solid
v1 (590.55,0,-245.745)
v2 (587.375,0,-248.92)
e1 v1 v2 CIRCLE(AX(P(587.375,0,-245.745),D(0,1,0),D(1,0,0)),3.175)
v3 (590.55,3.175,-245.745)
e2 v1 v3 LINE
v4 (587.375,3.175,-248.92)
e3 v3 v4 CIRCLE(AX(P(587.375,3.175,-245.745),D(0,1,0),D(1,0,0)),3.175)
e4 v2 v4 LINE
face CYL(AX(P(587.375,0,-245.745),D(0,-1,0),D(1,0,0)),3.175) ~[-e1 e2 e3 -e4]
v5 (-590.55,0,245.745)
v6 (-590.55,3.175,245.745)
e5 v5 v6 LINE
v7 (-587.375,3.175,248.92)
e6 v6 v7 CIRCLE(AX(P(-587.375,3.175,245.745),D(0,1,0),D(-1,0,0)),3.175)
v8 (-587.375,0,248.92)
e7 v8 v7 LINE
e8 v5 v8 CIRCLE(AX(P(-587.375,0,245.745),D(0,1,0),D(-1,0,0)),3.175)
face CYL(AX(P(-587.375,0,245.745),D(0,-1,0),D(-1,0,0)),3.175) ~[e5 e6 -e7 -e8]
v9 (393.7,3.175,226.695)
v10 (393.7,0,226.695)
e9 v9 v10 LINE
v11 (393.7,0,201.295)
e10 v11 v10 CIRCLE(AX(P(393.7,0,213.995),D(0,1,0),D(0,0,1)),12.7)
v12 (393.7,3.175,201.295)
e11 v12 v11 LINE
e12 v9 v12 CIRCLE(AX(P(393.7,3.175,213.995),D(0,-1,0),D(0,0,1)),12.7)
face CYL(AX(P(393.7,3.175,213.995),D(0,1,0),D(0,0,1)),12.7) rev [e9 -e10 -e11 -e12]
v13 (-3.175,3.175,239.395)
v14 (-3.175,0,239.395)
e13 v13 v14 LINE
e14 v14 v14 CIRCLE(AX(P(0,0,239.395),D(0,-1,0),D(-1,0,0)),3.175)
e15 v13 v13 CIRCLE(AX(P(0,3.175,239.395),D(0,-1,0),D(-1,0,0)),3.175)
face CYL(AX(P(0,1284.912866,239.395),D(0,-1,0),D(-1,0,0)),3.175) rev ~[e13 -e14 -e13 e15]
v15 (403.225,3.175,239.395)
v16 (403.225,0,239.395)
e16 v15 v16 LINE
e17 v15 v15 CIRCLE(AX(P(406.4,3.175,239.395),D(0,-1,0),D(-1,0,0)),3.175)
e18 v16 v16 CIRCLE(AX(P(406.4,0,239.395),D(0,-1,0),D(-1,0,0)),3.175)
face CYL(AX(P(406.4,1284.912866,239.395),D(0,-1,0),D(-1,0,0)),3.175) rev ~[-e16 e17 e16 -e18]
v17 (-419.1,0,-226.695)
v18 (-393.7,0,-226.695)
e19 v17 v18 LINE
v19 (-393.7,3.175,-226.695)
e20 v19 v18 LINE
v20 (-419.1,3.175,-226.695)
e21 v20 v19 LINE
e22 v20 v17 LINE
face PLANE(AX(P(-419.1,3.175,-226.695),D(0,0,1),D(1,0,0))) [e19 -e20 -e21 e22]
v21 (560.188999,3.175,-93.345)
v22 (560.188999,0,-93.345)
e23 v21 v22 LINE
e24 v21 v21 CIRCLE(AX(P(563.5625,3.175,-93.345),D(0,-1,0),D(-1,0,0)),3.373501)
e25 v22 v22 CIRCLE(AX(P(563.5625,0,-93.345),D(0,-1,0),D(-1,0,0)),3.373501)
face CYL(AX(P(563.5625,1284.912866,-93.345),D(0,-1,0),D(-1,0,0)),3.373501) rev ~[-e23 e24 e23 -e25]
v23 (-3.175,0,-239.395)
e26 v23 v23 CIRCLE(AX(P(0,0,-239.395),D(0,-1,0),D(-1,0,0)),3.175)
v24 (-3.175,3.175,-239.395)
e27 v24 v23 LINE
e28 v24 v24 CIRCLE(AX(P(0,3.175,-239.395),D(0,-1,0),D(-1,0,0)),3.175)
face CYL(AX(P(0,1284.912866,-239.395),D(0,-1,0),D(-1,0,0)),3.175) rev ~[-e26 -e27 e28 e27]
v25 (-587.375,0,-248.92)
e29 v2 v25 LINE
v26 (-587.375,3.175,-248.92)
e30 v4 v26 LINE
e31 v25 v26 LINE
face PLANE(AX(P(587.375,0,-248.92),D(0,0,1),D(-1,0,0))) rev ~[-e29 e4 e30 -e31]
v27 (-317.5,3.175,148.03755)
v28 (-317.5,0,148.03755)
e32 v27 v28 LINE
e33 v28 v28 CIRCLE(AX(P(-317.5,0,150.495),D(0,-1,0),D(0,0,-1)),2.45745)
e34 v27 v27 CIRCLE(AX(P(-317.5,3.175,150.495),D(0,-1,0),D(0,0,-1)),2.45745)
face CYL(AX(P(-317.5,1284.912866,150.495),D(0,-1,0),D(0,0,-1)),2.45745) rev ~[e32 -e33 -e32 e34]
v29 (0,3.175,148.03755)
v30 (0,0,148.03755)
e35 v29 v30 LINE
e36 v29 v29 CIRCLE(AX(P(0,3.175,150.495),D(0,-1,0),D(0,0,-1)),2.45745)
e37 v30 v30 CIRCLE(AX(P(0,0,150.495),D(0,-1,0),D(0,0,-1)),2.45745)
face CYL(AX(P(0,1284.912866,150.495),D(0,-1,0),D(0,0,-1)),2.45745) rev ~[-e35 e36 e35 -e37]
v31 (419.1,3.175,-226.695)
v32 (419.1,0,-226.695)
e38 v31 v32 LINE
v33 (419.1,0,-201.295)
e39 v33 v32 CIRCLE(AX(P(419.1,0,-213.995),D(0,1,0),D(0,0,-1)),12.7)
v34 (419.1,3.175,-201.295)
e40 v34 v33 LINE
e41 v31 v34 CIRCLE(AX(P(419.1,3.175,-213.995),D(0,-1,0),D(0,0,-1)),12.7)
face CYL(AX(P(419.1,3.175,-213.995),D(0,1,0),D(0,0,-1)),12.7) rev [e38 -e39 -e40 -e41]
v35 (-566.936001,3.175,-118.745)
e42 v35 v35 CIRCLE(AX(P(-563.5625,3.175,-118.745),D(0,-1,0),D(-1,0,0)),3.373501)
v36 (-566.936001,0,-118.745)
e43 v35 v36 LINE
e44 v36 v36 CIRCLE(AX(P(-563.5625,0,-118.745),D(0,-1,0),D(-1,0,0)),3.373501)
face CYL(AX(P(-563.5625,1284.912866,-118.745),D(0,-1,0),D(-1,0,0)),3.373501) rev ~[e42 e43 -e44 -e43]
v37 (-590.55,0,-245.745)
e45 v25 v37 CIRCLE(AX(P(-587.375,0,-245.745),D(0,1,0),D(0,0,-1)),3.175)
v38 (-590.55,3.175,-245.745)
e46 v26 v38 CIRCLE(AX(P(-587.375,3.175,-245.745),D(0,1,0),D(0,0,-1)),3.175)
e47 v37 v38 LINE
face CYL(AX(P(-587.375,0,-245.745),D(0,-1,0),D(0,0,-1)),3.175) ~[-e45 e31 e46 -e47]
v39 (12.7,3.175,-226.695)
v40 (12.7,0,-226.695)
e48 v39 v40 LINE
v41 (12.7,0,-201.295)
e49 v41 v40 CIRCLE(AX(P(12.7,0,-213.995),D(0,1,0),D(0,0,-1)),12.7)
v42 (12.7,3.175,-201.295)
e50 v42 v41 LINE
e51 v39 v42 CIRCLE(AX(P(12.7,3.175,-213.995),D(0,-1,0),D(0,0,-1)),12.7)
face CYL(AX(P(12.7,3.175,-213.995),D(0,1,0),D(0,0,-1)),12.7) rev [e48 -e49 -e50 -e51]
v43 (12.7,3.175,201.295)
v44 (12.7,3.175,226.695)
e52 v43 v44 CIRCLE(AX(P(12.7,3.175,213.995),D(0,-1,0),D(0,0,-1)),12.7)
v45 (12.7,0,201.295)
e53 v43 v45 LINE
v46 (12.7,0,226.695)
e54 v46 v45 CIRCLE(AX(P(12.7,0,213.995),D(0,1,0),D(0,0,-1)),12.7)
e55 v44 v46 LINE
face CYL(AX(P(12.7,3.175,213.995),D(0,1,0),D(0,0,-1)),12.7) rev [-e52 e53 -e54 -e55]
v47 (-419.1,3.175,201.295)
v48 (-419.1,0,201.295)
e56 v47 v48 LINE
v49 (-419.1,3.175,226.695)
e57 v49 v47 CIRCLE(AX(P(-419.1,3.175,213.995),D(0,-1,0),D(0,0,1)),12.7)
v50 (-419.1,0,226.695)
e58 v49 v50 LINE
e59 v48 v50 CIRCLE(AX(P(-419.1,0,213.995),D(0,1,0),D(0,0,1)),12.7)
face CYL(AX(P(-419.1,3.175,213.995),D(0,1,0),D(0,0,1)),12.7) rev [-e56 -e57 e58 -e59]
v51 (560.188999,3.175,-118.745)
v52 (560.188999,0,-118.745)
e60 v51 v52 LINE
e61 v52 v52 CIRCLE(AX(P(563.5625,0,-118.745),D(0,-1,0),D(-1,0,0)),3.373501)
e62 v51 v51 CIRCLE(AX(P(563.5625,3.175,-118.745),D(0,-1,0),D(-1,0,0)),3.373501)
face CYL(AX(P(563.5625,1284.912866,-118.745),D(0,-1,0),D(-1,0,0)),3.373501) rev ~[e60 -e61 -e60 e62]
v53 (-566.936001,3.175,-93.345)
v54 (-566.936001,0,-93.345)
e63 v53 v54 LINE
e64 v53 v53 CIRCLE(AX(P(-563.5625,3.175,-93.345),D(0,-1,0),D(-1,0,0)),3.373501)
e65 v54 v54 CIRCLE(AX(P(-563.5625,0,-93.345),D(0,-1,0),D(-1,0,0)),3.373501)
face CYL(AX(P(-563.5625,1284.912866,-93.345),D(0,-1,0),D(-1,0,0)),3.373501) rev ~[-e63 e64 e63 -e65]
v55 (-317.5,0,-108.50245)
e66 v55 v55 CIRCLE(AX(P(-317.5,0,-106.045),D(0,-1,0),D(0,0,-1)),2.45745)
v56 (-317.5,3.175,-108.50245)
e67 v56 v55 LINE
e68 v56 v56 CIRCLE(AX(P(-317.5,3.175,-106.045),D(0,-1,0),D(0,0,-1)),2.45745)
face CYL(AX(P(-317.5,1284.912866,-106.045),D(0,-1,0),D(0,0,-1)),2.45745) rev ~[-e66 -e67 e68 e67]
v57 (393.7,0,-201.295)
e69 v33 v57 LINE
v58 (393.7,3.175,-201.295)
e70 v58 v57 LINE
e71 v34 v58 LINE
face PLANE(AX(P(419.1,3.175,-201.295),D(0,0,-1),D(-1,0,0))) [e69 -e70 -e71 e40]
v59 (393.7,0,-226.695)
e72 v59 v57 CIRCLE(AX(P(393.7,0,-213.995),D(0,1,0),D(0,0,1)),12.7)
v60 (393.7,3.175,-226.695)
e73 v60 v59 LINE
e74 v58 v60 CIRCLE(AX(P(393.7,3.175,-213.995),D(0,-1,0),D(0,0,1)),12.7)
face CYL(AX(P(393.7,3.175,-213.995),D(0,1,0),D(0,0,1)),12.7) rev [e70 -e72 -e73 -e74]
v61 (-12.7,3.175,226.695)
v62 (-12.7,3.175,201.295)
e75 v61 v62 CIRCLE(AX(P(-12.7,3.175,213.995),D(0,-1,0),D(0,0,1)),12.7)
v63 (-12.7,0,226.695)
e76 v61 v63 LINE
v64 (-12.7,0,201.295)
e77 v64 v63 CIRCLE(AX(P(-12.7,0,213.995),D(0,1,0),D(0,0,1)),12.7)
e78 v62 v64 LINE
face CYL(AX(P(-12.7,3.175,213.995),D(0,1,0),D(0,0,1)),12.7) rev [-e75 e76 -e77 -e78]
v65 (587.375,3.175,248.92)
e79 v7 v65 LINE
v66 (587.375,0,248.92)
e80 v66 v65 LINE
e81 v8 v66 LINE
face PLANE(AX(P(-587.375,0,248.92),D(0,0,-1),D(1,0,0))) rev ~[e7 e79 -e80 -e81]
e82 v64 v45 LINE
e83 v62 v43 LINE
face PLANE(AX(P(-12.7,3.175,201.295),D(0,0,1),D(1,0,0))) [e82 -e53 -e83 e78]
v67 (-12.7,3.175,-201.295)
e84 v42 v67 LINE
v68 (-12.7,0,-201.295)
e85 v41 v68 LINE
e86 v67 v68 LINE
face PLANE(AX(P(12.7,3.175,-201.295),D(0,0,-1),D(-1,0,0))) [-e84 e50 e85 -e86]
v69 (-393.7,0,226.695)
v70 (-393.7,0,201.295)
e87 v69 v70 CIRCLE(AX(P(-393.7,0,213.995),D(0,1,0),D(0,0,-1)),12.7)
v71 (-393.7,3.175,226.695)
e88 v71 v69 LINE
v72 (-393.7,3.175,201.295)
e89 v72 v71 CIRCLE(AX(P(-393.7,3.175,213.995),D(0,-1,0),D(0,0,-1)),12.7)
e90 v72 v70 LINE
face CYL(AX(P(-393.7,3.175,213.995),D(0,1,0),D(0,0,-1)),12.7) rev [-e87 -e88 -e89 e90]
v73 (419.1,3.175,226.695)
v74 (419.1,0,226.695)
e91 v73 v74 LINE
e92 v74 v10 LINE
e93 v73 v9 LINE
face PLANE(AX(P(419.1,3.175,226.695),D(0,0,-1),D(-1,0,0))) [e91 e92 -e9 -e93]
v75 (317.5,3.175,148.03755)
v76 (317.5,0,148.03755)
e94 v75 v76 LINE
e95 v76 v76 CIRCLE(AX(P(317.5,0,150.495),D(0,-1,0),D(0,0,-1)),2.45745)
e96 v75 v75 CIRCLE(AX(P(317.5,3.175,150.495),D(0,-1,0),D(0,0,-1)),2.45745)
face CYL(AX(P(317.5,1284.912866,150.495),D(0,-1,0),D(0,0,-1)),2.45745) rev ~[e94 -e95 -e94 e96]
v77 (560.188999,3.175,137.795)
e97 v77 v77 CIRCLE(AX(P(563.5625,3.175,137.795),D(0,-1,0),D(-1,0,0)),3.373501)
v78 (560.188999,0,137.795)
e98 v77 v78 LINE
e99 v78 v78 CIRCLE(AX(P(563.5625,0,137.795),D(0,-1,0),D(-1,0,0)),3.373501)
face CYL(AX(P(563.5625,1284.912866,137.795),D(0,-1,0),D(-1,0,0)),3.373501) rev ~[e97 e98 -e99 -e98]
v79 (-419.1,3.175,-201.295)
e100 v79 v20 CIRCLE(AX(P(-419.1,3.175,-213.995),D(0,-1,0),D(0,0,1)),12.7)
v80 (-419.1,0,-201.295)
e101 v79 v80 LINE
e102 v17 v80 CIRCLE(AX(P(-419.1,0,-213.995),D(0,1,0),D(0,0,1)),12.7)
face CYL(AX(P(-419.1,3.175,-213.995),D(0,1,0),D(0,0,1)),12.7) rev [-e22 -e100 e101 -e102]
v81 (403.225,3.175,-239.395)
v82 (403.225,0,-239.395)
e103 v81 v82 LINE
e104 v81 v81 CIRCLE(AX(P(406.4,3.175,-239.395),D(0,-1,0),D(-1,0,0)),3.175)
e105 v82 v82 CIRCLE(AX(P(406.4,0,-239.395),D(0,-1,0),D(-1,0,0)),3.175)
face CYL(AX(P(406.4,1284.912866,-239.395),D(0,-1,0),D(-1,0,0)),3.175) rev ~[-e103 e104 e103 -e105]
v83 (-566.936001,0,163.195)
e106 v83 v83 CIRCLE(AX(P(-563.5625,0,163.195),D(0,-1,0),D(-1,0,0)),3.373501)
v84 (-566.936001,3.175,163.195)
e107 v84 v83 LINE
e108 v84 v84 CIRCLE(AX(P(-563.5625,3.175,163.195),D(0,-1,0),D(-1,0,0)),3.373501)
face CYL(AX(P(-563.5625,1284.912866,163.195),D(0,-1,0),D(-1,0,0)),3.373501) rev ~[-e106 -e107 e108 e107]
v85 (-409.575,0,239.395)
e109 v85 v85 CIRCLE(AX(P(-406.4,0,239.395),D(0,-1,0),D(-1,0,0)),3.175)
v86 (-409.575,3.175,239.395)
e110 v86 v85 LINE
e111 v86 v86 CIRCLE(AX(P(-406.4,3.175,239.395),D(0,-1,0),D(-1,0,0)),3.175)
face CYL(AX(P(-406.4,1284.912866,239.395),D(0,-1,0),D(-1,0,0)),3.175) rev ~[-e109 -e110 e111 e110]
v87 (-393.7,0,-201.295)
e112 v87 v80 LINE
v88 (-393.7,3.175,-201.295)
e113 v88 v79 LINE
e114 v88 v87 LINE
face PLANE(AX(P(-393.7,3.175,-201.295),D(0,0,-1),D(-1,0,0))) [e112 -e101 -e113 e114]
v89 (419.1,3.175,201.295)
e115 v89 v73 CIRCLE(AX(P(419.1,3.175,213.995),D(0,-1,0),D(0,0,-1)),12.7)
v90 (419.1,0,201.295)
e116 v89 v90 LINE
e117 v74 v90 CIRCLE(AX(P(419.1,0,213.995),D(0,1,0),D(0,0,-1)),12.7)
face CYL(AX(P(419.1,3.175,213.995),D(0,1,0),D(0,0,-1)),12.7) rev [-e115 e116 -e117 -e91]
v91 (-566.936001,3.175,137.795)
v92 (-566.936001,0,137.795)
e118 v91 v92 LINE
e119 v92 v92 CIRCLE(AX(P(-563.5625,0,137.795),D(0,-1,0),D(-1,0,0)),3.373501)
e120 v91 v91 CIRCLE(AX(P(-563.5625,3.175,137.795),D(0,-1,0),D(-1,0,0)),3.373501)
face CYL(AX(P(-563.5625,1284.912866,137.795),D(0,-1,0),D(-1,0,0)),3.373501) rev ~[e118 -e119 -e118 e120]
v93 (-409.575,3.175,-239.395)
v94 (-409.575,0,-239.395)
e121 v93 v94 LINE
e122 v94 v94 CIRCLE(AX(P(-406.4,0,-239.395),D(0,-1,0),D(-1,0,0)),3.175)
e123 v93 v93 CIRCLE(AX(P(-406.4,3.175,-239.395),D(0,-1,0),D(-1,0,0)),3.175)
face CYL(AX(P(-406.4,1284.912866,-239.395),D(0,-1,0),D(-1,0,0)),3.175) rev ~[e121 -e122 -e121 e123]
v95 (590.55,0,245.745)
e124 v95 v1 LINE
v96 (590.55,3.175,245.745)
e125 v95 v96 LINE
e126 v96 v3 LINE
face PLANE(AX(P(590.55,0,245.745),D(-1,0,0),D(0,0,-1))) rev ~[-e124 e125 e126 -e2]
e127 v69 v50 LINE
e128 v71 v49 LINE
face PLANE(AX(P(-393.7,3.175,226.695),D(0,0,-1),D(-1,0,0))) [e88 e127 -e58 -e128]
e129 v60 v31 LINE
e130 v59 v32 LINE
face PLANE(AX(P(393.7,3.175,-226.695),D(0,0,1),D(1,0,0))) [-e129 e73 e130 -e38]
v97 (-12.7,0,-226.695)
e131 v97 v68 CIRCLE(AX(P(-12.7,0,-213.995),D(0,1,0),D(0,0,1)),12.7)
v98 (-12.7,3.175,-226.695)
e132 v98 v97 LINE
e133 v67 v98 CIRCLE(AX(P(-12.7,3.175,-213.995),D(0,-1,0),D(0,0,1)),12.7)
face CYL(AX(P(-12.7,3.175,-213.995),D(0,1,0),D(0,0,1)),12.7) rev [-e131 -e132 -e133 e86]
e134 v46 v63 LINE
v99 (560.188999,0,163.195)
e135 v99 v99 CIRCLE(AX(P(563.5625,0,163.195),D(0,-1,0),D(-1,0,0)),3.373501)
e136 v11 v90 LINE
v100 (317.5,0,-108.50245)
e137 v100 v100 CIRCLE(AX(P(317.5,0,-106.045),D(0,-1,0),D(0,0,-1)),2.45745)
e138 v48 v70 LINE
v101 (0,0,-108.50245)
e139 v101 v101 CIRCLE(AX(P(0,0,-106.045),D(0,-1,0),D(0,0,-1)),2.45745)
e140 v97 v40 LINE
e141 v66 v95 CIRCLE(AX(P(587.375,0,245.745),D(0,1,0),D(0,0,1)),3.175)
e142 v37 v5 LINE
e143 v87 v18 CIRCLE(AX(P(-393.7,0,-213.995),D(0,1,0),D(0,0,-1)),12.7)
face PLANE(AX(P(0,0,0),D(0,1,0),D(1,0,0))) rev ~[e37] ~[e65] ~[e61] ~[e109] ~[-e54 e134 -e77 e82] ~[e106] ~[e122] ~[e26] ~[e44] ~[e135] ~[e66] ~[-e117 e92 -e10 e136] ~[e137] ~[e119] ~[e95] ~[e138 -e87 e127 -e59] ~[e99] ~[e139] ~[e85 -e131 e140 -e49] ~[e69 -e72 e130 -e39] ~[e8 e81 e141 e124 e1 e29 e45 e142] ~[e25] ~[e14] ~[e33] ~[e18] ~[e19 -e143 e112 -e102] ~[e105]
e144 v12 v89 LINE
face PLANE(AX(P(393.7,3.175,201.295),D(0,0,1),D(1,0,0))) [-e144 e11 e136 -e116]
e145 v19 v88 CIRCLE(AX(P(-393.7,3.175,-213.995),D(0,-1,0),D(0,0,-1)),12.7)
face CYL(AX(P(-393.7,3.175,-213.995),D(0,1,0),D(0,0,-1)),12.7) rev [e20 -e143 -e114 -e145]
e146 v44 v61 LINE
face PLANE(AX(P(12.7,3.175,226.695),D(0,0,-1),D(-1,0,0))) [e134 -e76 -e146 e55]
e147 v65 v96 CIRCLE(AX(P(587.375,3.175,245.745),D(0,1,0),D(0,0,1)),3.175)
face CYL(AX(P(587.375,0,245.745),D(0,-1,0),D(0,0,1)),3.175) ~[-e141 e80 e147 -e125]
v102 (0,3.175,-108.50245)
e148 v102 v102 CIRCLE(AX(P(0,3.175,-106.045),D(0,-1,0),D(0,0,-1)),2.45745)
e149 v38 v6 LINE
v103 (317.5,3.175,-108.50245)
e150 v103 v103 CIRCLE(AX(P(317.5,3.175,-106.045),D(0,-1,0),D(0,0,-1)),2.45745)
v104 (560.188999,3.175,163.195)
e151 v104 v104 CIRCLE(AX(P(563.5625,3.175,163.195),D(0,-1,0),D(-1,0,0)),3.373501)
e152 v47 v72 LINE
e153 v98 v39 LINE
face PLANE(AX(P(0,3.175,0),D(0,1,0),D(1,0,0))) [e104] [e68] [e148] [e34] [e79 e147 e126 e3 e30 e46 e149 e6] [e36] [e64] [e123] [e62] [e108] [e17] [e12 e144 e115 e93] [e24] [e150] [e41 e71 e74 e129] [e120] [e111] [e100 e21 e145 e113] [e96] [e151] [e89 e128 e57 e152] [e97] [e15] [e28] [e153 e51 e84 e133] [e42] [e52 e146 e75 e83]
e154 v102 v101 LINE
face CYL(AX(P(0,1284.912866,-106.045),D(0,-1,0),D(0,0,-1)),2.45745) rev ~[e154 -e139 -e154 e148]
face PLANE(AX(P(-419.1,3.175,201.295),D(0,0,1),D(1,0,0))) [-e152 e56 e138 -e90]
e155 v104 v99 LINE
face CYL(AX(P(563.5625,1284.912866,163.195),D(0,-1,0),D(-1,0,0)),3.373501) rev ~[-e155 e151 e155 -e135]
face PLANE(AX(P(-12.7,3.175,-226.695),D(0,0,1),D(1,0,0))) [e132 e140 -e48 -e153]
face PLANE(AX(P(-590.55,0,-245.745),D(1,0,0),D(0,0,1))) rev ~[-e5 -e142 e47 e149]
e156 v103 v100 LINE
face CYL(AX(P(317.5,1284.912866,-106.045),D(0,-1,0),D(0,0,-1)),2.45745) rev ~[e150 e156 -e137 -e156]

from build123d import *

# Parameters (mm, degrees)
BOSS_EXTRUDE1_DEPTH              = 3.175
F_1_4_0_25_DIAMETER_HOLE1_D      = 6.35
CUT_EXTRUDE1_DEPTH               = 641.874831402
F_10_0_1935_DIAMETER_HOLE7_D     = 4.9149
F_17_64_0_26563_DIAMETER_HOLE1_D = 6.747002


with BuildPart() as part:
    # Sketch1 → Boss-Extrude1 (new body)
    with BuildSketch(Plane(origin=(0, 0, 0), x_dir=(1, 0, 0), z_dir=(0, 1, 0))):
        with BuildLine():
            Line((-587.375, -248.92), (587.375, -248.92))
            ThreePointArc((587.375, -248.92), (589.62006403, -247.99006403), (590.55, -245.745))
            Line((590.55, -245.745), (590.55, 245.745))
            ThreePointArc((590.55, 245.745), (589.62006403, 247.99006403), (587.375, 248.92))
            Line((587.375, 248.92), (-587.375, 248.92))
            ThreePointArc((-587.375, 248.92), (-589.62006403, 247.99006403), (-590.55, 245.745))
            Line((-590.55, 245.745), (-590.55, -245.745))
            ThreePointArc((-590.55, -245.745), (-589.62006403, -247.99006403), (-587.375, -248.92))
        make_face()
    extrude(amount=BOSS_EXTRUDE1_DEPTH)

    # 1/4 (0.25) Diameter Hole1 (through all)
    with Locations(Plane(origin=(0, 3.175, 0), x_dir=(1, 0, 0), z_dir=(0, 1, 0))):
        with Locations((-406.4, 239.395), (0, 239.395), (406.4, 239.395), (406.4, -239.395), (0, -239.395), (-406.4, -239.395)):
            Hole(F_1_4_0_25_DIAMETER_HOLE1_D / 2)

    # Sketch5 → Cut-Extrude1 (cut, through all)
    with BuildSketch(Plane(origin=(0, 3.175, 0), x_dir=(1, 0, 0), z_dir=(0, 1, 0))):
        with BuildLine():
            Line((-419.1, 226.695), (-393.7, 226.695))
            ThreePointArc((-393.7, 226.695), (-381, 213.995), (-393.7, 201.295))
            Line((-393.7, 201.295), (-419.1, 201.295))
            ThreePointArc((-419.1, 201.295), (-431.8, 213.995), (-419.1, 226.695))
        make_face()
        with BuildLine():
            Line((-12.7, 226.695), (12.7, 226.695))
            ThreePointArc((12.7, 226.695), (25.4, 213.995), (12.7, 201.295))
            Line((12.7, 201.295), (-12.7, 201.295))
            ThreePointArc((-12.7, 201.295), (-25.4, 213.995), (-12.7, 226.695))
        make_face()
        with BuildLine():
            Line((393.7, 226.695), (419.1, 226.695))
            ThreePointArc((419.1, 226.695), (431.8, 213.995), (419.1, 201.295))
            Line((419.1, 201.295), (393.7, 201.295))
            ThreePointArc((393.7, 201.295), (381, 213.995), (393.7, 226.695))
        make_face()
        with BuildLine():
            Line((-419.1, -201.295), (-393.7, -201.295))
            ThreePointArc((-393.7, -201.295), (-381, -213.995), (-393.7, -226.695))
            Line((-393.7, -226.695), (-419.1, -226.695))
            ThreePointArc((-419.1, -226.695), (-431.8, -213.995), (-419.1, -201.295))
        make_face()
        with BuildLine():
            Line((-12.7, -201.295), (12.7, -201.295))
            ThreePointArc((12.7, -201.295), (25.4, -213.995), (12.7, -226.695))
            Line((12.7, -226.695), (-12.7, -226.695))
            ThreePointArc((-12.7, -226.695), (-25.4, -213.995), (-12.7, -201.295))
        make_face()
        with BuildLine():
            Line((393.7, -201.295), (419.1, -201.295))
            ThreePointArc((419.1, -201.295), (431.8, -213.995), (419.1, -226.695))
            Line((419.1, -226.695), (393.7, -226.695))
            ThreePointArc((393.7, -226.695), (381, -213.995), (393.7, -201.295))
        make_face()
    extrude(amount=-CUT_EXTRUDE1_DEPTH, mode=Mode.SUBTRACT)

    # #10 (0.1935) Diameter Hole7 (through all)
    with Locations(Plane(origin=(-317.5, 3.175, -106.045), x_dir=(0, 0, 1), z_dir=(0, 1, 0))):
        with Locations((0, 0), (0, 317.5), (0, 635), (256.54, 635), (256.54, 317.5), (256.54, 0)):
            Hole(F_10_0_1935_DIAMETER_HOLE7_D / 2)

    # 17/64 (0.26563) Diameter Hole1 (through all)
    with Locations(Plane(origin=(0, 3.175, 0), x_dir=(1, 0, 0), z_dir=(0, 1, 0))):
        with Locations((-563.5625, 118.745), (-563.5625, 93.345), (-563.5625, -137.795), (-563.5625, -163.195), (563.5625, -163.195), (563.5625, -137.795), (563.5625, 118.745), (563.5625, 93.345)):
            Hole(F_17_64_0_26563_DIAMETER_HOLE1_D / 2)


solid = part.part
